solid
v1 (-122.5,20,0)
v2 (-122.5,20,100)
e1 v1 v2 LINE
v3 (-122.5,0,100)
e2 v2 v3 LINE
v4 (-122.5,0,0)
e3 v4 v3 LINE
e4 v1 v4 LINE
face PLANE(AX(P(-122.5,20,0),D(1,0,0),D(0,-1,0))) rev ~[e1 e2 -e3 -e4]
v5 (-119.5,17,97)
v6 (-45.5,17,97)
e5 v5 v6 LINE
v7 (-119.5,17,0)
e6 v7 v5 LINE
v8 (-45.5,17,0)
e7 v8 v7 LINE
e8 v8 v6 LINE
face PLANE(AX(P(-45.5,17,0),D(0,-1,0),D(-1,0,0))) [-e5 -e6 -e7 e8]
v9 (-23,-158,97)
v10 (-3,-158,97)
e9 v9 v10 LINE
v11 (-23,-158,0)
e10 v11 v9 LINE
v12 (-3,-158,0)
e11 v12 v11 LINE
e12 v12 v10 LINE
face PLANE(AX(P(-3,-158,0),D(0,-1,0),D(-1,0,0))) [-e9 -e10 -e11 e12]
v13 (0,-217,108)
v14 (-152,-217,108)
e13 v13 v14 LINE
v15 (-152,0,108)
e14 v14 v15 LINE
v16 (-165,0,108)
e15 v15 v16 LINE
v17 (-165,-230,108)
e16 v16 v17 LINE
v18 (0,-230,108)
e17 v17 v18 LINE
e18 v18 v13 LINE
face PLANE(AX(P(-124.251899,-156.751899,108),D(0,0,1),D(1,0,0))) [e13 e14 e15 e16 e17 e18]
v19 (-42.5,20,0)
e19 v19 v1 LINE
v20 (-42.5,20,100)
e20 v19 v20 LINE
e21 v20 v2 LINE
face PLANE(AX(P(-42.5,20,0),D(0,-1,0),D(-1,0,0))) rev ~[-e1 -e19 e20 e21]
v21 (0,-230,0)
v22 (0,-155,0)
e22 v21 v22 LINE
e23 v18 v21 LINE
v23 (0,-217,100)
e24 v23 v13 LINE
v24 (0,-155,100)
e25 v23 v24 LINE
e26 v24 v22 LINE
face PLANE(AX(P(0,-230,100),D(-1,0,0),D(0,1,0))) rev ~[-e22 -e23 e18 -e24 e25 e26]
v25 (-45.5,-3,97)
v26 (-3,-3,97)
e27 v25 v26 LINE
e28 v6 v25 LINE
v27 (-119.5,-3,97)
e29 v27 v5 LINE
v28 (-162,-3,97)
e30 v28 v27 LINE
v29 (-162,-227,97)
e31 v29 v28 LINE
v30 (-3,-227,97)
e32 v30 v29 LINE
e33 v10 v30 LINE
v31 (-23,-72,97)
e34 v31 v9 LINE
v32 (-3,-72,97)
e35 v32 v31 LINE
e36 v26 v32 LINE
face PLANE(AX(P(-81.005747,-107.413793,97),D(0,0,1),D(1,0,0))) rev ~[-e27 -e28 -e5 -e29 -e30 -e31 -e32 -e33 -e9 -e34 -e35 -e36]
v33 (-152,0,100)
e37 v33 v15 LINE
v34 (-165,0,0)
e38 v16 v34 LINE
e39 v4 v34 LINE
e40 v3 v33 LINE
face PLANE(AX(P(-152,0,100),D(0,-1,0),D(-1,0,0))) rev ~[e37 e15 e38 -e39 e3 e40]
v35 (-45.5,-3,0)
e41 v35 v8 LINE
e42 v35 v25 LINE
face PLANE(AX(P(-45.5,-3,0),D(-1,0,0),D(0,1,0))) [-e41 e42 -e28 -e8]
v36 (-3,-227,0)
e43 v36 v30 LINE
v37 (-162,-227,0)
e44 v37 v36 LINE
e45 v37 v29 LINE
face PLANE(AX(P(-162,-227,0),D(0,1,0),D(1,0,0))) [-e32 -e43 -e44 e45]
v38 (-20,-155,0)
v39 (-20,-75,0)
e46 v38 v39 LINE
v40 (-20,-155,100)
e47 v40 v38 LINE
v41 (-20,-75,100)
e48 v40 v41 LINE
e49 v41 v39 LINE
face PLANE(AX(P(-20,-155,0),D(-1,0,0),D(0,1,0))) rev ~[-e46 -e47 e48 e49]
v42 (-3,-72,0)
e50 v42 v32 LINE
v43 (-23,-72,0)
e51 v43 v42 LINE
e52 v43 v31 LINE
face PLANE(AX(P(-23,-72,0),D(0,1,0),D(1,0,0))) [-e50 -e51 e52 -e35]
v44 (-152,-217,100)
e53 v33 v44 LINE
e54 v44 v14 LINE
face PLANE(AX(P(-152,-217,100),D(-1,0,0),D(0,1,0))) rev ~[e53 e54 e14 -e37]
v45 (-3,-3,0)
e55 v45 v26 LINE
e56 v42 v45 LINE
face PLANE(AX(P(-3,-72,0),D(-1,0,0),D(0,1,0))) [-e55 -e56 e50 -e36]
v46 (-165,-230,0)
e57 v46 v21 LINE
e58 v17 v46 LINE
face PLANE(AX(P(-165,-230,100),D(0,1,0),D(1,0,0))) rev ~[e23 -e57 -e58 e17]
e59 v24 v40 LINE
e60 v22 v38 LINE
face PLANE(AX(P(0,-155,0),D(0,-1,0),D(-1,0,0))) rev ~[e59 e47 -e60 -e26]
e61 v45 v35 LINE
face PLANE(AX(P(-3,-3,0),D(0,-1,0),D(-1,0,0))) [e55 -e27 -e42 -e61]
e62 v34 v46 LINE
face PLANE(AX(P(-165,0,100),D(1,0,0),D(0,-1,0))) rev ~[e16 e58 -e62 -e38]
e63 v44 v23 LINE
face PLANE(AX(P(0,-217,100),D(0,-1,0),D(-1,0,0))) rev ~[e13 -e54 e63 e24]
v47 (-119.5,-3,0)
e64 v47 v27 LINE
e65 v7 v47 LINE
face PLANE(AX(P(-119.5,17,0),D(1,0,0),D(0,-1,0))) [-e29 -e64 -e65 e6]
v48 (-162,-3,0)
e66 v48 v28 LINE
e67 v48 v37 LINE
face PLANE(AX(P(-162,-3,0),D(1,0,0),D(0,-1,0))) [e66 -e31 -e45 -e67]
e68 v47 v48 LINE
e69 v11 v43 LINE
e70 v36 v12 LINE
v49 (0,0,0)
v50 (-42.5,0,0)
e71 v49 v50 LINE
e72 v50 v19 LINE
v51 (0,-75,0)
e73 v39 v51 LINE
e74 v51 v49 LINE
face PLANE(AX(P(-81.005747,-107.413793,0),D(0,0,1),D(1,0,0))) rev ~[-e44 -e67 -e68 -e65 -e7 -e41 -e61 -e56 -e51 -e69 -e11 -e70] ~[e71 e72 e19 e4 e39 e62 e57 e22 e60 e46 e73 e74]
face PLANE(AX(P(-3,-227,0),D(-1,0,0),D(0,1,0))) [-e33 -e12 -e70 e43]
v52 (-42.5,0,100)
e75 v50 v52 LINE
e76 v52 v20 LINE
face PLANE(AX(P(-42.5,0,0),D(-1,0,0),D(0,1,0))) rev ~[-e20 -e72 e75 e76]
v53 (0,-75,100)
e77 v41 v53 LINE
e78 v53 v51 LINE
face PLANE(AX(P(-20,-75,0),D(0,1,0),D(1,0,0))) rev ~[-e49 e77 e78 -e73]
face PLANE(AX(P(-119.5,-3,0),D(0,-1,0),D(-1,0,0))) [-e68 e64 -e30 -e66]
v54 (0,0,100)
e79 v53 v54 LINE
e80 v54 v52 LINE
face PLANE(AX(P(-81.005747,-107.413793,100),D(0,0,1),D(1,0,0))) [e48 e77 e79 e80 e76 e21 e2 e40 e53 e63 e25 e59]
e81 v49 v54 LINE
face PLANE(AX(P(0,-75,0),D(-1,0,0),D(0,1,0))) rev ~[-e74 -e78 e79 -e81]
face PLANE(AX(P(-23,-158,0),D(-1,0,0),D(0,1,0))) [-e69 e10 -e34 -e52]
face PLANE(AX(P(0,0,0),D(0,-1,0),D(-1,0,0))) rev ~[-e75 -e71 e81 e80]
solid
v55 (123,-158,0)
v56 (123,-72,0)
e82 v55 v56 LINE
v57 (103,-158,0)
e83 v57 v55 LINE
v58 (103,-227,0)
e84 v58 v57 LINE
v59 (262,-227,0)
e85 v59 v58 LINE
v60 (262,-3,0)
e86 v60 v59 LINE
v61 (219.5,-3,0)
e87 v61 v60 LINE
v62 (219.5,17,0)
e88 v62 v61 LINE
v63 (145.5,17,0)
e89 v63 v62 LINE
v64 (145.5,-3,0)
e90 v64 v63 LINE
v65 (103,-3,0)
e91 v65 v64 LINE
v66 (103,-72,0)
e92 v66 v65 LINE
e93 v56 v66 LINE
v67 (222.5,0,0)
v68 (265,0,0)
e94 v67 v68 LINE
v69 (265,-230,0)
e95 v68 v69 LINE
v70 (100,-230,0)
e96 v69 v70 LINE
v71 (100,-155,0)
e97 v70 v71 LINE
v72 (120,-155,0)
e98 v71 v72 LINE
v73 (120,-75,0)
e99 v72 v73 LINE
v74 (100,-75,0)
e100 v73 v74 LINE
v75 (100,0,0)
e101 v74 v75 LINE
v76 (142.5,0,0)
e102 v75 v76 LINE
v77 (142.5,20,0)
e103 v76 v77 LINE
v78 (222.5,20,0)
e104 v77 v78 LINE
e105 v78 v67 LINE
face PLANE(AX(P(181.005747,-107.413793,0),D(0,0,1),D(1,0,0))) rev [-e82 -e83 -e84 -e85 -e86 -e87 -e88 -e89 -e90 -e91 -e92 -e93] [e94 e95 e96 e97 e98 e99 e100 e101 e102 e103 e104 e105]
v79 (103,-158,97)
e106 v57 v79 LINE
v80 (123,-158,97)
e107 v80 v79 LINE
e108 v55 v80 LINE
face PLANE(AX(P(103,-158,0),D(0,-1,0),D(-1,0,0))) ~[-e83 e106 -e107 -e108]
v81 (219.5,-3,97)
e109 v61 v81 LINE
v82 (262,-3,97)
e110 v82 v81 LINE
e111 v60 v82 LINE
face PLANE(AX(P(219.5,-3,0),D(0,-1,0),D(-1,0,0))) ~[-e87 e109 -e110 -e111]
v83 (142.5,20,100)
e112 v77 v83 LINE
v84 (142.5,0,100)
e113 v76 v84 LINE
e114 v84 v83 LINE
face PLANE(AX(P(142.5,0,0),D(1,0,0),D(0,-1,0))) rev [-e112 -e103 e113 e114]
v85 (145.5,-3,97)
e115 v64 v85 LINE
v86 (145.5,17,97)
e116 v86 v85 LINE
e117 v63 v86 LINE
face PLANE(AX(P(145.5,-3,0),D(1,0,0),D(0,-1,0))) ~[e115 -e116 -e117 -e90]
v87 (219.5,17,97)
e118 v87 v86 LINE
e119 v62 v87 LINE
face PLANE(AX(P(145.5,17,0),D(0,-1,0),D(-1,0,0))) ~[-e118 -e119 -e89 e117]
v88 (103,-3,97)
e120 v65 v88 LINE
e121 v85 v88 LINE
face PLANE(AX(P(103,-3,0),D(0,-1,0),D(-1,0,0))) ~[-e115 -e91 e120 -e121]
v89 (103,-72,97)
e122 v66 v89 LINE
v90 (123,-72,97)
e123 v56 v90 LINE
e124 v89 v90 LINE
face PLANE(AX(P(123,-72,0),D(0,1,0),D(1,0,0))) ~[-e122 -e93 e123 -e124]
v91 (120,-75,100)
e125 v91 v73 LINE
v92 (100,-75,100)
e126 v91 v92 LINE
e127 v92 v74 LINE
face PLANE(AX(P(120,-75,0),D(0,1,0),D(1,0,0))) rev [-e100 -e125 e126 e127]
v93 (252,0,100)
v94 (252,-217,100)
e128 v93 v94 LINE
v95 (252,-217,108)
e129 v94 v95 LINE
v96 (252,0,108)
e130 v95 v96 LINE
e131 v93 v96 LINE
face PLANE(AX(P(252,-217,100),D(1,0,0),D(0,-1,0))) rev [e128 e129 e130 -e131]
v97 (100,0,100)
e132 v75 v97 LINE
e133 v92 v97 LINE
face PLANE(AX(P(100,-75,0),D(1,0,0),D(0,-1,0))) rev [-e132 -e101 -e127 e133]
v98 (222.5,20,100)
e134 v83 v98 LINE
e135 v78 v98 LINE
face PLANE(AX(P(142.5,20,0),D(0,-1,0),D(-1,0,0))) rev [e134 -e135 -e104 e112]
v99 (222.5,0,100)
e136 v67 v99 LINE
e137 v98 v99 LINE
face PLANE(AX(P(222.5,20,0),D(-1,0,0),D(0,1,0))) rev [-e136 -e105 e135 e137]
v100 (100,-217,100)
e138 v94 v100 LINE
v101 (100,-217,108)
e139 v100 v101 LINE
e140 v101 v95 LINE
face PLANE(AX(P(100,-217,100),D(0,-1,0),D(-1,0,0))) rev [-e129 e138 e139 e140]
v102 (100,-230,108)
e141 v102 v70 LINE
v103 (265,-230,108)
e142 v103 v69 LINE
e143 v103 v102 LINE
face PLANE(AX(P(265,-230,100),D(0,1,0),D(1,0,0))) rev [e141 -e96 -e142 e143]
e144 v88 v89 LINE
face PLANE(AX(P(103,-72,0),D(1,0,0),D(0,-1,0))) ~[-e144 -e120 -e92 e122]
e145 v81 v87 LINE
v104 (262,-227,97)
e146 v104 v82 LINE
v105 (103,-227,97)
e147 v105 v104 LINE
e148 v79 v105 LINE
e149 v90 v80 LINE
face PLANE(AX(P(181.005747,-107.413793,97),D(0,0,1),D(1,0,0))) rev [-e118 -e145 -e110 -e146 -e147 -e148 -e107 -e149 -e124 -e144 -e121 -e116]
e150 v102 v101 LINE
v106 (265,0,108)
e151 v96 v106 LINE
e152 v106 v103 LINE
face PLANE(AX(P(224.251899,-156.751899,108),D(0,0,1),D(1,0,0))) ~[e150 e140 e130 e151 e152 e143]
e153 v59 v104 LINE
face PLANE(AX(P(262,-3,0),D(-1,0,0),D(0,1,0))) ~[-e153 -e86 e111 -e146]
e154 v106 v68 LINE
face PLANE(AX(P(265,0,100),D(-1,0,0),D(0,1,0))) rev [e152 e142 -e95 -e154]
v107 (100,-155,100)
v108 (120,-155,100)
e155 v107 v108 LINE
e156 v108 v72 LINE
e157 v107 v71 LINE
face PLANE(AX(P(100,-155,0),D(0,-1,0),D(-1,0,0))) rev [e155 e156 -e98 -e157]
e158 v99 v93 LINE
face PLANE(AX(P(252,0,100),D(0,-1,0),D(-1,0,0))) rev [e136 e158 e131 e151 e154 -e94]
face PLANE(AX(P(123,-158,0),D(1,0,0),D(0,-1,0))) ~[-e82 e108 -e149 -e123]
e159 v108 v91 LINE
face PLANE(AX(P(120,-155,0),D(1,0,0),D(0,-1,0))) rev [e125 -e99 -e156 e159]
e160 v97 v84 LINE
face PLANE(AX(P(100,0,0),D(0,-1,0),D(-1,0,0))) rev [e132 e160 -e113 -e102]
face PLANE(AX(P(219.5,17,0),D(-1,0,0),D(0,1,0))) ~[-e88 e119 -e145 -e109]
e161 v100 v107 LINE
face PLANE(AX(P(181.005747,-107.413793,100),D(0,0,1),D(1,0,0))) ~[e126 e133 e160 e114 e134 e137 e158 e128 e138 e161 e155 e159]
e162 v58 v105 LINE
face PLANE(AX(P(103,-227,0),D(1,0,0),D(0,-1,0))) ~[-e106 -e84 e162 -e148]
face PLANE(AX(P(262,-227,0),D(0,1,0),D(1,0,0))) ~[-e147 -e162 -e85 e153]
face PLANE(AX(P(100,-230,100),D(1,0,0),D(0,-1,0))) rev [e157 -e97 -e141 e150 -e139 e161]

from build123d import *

# Parameters (mm, degrees)
F2_DEPTH = 100
F4_DEPTH = 3
F6_DEPTH = 8
F9_DEPTH = 100


with BuildPart() as f2:
    # F1 (on Top) → F2 (new body)
    with BuildSketch(Plane.XY):
        Polygon((0, -75), (0, 0), (-42.5, 0), (-42.5, 20), (-122.5, 20), (-122.5, 0), (-165, 0), (-165, -230), (0, -230), (0, -155), (-20, -155), (-20, -75), align=None)
        Polygon((-162.949994, -2.050006), (-120.449994, -2.050006), (-120.449994, 17.949994), (-44.550006, 17.949994), (-44.550006, -2.050006), (-2.050006, -2.050006), (-2.050006, -72.949994), (-22.050006, -72.949994), (-22.050006, -157.050006), (-2.050006, -157.050006), (-2.050006, -227.949994), (-162.949994, -227.949994), align=None, mode=Mode.SUBTRACT)
    extrude(amount=F2_DEPTH)

    # F3 (on face) → F4 (join)
    with BuildSketch(Plane.XY.offset(100)):
        Polygon((-165, 0), (-165, -230), (0, -230), (0, -155), (-20, -155), (-20, -75), (0, -75), (0, 0), (-42.5, 0), (-42.5, 20), (-122.5, 20), (-122.5, 0), align=None)
    extrude(amount=-F4_DEPTH)

    # F5 (on face) → F6 (join)
    with BuildSketch(Plane.XY.offset(100)):
        Polygon((-152, -230), (0, -230), (0, -217), (-152, -217), (-152, 0), (-165, 0), (-165, -230), (-160, -230), align=None)
    extrude(amount=F6_DEPTH)

    # F7 (on face) → F9 (join)
    with BuildSketch(Plane(origin=(0, 0, 0), x_dir=(1, 0, 0), z_dir=(0, 0, -1))):
        Polygon((-165, 230), (-165, 0), (-122.5, 0), (-122.5, -20), (-42.5, -20), (-42.5, 0), (0, 0), (0, 75), (-20, 75), (-20, 155), (0, 155), (0, 230), align=None)
        Polygon((-162, 3), (-162, 227), (-3, 227), (-3, 158), (-23, 158), (-23, 72), (-3, 72), (-3, 3), (-45.5, 3), (-45.5, -17), (-119.5, -17), (-119.5, 3), align=None, mode=Mode.SUBTRACT)
    extrude(amount=-F9_DEPTH)


with BuildPart() as f10_1:
    # F10: instance of F2
    add(f2.part.mirror(Plane.YZ.offset(50)))


solid = Compound([f2.part, f10_1.part])
